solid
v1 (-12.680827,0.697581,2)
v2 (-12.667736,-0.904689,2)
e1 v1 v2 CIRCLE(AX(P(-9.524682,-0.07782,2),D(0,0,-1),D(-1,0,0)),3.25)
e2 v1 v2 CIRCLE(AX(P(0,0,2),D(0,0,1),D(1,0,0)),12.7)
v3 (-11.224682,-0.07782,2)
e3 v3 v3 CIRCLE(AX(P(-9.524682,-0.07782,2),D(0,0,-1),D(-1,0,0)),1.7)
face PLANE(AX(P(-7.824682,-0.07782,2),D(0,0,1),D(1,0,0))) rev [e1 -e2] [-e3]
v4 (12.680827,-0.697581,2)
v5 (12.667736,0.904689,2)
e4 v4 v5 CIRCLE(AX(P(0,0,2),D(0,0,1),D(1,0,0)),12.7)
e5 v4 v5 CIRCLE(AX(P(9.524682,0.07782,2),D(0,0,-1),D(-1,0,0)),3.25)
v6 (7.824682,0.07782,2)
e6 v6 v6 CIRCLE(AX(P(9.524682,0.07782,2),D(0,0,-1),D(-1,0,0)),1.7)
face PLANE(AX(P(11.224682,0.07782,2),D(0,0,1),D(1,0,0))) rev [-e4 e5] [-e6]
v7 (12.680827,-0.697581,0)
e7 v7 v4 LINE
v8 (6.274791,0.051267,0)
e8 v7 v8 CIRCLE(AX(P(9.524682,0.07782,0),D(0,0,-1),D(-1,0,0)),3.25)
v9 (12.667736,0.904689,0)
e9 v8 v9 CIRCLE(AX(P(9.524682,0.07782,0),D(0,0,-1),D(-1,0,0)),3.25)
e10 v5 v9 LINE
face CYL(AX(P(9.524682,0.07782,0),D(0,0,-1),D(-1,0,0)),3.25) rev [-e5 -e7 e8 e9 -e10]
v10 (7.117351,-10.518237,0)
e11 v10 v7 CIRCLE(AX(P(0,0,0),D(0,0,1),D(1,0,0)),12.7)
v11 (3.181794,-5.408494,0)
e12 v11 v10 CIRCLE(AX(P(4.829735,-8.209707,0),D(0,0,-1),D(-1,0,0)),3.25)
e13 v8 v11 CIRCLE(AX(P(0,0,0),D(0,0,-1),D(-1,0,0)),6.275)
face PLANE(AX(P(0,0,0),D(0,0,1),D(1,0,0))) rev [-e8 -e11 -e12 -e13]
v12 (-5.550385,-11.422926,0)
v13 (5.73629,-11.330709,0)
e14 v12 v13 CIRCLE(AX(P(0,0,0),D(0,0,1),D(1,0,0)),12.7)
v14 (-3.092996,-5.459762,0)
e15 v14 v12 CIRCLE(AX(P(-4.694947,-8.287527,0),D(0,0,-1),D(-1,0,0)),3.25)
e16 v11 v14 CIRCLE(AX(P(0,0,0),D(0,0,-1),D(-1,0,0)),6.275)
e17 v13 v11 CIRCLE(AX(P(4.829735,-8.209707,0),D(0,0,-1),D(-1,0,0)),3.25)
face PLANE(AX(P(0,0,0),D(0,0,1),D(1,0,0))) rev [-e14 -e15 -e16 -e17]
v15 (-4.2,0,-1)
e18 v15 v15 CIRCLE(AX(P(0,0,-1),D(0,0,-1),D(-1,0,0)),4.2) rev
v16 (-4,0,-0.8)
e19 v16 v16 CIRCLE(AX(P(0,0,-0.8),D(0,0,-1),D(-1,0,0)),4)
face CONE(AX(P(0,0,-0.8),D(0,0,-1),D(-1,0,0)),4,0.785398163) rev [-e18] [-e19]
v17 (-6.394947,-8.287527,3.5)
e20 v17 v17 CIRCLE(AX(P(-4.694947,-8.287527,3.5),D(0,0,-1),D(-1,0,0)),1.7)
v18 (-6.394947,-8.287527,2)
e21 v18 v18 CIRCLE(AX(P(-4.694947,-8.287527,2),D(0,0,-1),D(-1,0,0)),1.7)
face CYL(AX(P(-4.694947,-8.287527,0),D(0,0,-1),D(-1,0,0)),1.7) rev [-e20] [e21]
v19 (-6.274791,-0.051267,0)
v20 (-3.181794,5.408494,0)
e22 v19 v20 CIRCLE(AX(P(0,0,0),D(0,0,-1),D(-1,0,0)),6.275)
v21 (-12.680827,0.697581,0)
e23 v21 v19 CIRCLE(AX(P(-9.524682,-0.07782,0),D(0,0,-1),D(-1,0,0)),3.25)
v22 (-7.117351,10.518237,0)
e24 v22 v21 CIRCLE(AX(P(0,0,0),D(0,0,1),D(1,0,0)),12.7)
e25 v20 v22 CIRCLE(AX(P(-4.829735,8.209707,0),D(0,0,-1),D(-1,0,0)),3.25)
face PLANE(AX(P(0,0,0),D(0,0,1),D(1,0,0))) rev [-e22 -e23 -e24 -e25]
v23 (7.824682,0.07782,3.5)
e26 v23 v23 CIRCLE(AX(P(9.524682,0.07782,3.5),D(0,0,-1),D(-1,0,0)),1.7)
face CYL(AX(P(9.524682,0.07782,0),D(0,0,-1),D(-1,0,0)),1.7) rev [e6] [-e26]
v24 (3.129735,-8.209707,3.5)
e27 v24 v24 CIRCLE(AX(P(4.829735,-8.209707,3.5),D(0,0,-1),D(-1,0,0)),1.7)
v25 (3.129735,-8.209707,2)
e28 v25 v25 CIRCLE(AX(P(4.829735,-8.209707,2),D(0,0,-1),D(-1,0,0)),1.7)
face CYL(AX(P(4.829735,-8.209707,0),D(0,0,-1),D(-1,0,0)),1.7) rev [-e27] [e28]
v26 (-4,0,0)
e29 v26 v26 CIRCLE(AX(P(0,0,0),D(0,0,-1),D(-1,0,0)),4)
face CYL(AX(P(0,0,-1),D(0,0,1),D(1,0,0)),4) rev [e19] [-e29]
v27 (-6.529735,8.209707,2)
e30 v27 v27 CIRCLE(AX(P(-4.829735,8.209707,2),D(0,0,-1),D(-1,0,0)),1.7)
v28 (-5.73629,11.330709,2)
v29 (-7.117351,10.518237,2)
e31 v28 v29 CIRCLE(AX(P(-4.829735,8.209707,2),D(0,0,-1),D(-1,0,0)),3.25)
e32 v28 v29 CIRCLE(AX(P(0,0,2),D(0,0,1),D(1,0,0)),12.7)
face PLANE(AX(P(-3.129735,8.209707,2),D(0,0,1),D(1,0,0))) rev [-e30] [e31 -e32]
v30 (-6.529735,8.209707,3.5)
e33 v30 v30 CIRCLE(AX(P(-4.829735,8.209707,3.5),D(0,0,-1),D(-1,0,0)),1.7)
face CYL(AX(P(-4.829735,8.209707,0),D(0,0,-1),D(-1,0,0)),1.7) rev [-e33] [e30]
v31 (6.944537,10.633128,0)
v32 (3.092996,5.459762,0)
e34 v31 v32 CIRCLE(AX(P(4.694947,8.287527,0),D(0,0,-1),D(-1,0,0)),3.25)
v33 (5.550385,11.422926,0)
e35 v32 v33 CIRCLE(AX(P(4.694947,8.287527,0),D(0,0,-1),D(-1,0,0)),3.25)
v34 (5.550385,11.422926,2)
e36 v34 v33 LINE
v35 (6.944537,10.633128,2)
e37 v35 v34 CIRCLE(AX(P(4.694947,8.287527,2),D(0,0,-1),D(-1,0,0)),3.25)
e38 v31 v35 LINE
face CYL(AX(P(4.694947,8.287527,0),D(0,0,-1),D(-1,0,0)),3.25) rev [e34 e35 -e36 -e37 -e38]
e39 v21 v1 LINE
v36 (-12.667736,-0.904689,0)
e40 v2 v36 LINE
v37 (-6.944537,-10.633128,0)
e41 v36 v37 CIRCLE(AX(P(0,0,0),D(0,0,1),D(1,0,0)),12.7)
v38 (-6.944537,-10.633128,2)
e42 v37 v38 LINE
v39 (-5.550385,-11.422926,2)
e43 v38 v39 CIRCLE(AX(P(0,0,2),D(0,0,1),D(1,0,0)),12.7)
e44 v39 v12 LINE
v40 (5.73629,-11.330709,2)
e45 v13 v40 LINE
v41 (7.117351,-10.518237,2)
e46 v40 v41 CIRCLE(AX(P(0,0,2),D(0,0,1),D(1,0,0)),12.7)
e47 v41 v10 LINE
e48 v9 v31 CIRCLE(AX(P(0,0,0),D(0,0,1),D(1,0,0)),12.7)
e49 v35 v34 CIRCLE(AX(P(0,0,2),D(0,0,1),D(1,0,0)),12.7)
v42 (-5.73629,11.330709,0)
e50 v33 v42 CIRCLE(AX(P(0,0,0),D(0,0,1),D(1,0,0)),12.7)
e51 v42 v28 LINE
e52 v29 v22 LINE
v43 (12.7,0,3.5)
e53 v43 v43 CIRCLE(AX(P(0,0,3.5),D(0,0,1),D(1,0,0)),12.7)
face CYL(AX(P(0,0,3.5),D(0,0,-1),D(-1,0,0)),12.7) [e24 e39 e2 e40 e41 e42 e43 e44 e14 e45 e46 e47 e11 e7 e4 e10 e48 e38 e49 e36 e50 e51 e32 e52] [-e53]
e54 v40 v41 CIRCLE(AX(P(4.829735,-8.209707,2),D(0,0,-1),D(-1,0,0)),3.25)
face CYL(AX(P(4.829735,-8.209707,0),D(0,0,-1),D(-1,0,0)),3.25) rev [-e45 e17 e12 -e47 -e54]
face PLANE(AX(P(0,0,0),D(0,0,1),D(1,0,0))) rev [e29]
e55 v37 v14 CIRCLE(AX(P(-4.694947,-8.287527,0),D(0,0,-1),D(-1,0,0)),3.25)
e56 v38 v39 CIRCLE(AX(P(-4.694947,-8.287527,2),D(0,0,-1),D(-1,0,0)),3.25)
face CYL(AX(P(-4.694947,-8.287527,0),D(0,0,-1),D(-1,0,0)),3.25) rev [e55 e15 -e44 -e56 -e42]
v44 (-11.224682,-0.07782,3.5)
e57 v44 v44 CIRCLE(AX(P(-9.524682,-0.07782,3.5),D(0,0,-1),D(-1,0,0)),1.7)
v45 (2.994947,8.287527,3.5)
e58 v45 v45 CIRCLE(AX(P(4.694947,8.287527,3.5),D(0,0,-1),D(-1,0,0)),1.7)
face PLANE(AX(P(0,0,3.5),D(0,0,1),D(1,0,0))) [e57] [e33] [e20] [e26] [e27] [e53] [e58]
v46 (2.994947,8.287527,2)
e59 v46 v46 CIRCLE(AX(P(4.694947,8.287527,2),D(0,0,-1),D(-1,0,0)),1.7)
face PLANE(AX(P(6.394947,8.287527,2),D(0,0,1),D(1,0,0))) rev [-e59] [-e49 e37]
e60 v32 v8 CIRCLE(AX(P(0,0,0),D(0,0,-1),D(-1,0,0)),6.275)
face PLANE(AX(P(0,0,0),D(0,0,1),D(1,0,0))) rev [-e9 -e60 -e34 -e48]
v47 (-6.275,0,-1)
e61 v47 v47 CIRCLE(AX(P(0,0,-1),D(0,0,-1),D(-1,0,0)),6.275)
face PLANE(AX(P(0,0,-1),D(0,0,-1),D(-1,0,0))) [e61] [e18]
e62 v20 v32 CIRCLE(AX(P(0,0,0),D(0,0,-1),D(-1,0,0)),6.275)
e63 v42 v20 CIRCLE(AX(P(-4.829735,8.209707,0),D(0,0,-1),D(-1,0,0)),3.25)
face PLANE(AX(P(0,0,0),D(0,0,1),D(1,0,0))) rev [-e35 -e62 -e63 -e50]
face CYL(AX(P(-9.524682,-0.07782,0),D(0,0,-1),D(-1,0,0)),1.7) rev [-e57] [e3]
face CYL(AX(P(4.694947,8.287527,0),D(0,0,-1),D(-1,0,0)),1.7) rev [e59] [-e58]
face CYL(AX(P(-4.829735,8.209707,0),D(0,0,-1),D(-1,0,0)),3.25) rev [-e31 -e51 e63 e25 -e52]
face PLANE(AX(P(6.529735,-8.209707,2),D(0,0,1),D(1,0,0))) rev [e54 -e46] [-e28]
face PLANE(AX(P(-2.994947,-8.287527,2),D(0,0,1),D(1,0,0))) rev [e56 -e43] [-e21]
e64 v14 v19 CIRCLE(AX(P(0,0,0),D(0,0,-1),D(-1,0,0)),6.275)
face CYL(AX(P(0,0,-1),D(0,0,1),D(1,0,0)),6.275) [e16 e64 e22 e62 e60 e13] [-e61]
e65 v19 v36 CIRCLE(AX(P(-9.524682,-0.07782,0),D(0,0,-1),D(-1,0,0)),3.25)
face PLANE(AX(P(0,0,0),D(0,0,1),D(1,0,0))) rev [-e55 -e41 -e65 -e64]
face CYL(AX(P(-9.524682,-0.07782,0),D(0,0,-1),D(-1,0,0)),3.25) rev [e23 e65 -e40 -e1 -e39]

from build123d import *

# Parameters (mm, degrees)
SKETCH1_R                                   = 12.7
BOSS_EXTRUDE1_DEPTH                         = 3.5
CBORE_FOR_M3_CHEESE_HEAD_SCREW1_D           = 3.4
CBORE_FOR_M3_CHEESE_HEAD_SCREW1_CBORE_D     = 6.5
CBORE_FOR_M3_CHEESE_HEAD_SCREW1_CBORE_DEPTH = 2
SKETCH7_R                                   = 6.275
SKETCH7_R_2                                 = 4
BOSS_EXTRUDE2_DEPTH                         = 1
CHAMFER1_SIZE                               = 0.2


with BuildPart() as part:
    # Sketch1 → Boss-Extrude1 (new body)
    with BuildSketch(Plane.XY):
        Circle(SKETCH1_R)
    extrude(amount=BOSS_EXTRUDE1_DEPTH)

    # CBORE for M3 Cheese Head Screw1 (through all)
    with Locations(Plane(origin=(0, 0, 0), x_dir=(-1, 0, 0), z_dir=(0, 0, -1))):
        with Locations((4.694946795, -8.287526748), (-4.8297353, -8.209706568), (-9.524682095, 0.07782018), (-4.694946795, 8.287526748), (4.8297353, 8.209706568), (9.524682095, -0.07782018)):
            CounterBoreHole(CBORE_FOR_M3_CHEESE_HEAD_SCREW1_D / 2, CBORE_FOR_M3_CHEESE_HEAD_SCREW1_CBORE_D / 2, CBORE_FOR_M3_CHEESE_HEAD_SCREW1_CBORE_DEPTH)

    # Sketch7 → Boss-Extrude2 (add)
    with BuildSketch(Plane(origin=(0, 0, 0), x_dir=(-1, 0, 0), z_dir=(0, 0, -1))):
        Circle(SKETCH7_R)
        Circle(SKETCH7_R_2, mode=Mode.SUBTRACT)
    extrude(amount=BOSS_EXTRUDE2_DEPTH)

    # Chamfer1
    chamfer1_edges = [part.edges().sort_by_distance(p)[0] for p in [
        (4, 0, -1),
    ]]
    chamfer(chamfer1_edges, length=CHAMFER1_SIZE)


solid = part.part
